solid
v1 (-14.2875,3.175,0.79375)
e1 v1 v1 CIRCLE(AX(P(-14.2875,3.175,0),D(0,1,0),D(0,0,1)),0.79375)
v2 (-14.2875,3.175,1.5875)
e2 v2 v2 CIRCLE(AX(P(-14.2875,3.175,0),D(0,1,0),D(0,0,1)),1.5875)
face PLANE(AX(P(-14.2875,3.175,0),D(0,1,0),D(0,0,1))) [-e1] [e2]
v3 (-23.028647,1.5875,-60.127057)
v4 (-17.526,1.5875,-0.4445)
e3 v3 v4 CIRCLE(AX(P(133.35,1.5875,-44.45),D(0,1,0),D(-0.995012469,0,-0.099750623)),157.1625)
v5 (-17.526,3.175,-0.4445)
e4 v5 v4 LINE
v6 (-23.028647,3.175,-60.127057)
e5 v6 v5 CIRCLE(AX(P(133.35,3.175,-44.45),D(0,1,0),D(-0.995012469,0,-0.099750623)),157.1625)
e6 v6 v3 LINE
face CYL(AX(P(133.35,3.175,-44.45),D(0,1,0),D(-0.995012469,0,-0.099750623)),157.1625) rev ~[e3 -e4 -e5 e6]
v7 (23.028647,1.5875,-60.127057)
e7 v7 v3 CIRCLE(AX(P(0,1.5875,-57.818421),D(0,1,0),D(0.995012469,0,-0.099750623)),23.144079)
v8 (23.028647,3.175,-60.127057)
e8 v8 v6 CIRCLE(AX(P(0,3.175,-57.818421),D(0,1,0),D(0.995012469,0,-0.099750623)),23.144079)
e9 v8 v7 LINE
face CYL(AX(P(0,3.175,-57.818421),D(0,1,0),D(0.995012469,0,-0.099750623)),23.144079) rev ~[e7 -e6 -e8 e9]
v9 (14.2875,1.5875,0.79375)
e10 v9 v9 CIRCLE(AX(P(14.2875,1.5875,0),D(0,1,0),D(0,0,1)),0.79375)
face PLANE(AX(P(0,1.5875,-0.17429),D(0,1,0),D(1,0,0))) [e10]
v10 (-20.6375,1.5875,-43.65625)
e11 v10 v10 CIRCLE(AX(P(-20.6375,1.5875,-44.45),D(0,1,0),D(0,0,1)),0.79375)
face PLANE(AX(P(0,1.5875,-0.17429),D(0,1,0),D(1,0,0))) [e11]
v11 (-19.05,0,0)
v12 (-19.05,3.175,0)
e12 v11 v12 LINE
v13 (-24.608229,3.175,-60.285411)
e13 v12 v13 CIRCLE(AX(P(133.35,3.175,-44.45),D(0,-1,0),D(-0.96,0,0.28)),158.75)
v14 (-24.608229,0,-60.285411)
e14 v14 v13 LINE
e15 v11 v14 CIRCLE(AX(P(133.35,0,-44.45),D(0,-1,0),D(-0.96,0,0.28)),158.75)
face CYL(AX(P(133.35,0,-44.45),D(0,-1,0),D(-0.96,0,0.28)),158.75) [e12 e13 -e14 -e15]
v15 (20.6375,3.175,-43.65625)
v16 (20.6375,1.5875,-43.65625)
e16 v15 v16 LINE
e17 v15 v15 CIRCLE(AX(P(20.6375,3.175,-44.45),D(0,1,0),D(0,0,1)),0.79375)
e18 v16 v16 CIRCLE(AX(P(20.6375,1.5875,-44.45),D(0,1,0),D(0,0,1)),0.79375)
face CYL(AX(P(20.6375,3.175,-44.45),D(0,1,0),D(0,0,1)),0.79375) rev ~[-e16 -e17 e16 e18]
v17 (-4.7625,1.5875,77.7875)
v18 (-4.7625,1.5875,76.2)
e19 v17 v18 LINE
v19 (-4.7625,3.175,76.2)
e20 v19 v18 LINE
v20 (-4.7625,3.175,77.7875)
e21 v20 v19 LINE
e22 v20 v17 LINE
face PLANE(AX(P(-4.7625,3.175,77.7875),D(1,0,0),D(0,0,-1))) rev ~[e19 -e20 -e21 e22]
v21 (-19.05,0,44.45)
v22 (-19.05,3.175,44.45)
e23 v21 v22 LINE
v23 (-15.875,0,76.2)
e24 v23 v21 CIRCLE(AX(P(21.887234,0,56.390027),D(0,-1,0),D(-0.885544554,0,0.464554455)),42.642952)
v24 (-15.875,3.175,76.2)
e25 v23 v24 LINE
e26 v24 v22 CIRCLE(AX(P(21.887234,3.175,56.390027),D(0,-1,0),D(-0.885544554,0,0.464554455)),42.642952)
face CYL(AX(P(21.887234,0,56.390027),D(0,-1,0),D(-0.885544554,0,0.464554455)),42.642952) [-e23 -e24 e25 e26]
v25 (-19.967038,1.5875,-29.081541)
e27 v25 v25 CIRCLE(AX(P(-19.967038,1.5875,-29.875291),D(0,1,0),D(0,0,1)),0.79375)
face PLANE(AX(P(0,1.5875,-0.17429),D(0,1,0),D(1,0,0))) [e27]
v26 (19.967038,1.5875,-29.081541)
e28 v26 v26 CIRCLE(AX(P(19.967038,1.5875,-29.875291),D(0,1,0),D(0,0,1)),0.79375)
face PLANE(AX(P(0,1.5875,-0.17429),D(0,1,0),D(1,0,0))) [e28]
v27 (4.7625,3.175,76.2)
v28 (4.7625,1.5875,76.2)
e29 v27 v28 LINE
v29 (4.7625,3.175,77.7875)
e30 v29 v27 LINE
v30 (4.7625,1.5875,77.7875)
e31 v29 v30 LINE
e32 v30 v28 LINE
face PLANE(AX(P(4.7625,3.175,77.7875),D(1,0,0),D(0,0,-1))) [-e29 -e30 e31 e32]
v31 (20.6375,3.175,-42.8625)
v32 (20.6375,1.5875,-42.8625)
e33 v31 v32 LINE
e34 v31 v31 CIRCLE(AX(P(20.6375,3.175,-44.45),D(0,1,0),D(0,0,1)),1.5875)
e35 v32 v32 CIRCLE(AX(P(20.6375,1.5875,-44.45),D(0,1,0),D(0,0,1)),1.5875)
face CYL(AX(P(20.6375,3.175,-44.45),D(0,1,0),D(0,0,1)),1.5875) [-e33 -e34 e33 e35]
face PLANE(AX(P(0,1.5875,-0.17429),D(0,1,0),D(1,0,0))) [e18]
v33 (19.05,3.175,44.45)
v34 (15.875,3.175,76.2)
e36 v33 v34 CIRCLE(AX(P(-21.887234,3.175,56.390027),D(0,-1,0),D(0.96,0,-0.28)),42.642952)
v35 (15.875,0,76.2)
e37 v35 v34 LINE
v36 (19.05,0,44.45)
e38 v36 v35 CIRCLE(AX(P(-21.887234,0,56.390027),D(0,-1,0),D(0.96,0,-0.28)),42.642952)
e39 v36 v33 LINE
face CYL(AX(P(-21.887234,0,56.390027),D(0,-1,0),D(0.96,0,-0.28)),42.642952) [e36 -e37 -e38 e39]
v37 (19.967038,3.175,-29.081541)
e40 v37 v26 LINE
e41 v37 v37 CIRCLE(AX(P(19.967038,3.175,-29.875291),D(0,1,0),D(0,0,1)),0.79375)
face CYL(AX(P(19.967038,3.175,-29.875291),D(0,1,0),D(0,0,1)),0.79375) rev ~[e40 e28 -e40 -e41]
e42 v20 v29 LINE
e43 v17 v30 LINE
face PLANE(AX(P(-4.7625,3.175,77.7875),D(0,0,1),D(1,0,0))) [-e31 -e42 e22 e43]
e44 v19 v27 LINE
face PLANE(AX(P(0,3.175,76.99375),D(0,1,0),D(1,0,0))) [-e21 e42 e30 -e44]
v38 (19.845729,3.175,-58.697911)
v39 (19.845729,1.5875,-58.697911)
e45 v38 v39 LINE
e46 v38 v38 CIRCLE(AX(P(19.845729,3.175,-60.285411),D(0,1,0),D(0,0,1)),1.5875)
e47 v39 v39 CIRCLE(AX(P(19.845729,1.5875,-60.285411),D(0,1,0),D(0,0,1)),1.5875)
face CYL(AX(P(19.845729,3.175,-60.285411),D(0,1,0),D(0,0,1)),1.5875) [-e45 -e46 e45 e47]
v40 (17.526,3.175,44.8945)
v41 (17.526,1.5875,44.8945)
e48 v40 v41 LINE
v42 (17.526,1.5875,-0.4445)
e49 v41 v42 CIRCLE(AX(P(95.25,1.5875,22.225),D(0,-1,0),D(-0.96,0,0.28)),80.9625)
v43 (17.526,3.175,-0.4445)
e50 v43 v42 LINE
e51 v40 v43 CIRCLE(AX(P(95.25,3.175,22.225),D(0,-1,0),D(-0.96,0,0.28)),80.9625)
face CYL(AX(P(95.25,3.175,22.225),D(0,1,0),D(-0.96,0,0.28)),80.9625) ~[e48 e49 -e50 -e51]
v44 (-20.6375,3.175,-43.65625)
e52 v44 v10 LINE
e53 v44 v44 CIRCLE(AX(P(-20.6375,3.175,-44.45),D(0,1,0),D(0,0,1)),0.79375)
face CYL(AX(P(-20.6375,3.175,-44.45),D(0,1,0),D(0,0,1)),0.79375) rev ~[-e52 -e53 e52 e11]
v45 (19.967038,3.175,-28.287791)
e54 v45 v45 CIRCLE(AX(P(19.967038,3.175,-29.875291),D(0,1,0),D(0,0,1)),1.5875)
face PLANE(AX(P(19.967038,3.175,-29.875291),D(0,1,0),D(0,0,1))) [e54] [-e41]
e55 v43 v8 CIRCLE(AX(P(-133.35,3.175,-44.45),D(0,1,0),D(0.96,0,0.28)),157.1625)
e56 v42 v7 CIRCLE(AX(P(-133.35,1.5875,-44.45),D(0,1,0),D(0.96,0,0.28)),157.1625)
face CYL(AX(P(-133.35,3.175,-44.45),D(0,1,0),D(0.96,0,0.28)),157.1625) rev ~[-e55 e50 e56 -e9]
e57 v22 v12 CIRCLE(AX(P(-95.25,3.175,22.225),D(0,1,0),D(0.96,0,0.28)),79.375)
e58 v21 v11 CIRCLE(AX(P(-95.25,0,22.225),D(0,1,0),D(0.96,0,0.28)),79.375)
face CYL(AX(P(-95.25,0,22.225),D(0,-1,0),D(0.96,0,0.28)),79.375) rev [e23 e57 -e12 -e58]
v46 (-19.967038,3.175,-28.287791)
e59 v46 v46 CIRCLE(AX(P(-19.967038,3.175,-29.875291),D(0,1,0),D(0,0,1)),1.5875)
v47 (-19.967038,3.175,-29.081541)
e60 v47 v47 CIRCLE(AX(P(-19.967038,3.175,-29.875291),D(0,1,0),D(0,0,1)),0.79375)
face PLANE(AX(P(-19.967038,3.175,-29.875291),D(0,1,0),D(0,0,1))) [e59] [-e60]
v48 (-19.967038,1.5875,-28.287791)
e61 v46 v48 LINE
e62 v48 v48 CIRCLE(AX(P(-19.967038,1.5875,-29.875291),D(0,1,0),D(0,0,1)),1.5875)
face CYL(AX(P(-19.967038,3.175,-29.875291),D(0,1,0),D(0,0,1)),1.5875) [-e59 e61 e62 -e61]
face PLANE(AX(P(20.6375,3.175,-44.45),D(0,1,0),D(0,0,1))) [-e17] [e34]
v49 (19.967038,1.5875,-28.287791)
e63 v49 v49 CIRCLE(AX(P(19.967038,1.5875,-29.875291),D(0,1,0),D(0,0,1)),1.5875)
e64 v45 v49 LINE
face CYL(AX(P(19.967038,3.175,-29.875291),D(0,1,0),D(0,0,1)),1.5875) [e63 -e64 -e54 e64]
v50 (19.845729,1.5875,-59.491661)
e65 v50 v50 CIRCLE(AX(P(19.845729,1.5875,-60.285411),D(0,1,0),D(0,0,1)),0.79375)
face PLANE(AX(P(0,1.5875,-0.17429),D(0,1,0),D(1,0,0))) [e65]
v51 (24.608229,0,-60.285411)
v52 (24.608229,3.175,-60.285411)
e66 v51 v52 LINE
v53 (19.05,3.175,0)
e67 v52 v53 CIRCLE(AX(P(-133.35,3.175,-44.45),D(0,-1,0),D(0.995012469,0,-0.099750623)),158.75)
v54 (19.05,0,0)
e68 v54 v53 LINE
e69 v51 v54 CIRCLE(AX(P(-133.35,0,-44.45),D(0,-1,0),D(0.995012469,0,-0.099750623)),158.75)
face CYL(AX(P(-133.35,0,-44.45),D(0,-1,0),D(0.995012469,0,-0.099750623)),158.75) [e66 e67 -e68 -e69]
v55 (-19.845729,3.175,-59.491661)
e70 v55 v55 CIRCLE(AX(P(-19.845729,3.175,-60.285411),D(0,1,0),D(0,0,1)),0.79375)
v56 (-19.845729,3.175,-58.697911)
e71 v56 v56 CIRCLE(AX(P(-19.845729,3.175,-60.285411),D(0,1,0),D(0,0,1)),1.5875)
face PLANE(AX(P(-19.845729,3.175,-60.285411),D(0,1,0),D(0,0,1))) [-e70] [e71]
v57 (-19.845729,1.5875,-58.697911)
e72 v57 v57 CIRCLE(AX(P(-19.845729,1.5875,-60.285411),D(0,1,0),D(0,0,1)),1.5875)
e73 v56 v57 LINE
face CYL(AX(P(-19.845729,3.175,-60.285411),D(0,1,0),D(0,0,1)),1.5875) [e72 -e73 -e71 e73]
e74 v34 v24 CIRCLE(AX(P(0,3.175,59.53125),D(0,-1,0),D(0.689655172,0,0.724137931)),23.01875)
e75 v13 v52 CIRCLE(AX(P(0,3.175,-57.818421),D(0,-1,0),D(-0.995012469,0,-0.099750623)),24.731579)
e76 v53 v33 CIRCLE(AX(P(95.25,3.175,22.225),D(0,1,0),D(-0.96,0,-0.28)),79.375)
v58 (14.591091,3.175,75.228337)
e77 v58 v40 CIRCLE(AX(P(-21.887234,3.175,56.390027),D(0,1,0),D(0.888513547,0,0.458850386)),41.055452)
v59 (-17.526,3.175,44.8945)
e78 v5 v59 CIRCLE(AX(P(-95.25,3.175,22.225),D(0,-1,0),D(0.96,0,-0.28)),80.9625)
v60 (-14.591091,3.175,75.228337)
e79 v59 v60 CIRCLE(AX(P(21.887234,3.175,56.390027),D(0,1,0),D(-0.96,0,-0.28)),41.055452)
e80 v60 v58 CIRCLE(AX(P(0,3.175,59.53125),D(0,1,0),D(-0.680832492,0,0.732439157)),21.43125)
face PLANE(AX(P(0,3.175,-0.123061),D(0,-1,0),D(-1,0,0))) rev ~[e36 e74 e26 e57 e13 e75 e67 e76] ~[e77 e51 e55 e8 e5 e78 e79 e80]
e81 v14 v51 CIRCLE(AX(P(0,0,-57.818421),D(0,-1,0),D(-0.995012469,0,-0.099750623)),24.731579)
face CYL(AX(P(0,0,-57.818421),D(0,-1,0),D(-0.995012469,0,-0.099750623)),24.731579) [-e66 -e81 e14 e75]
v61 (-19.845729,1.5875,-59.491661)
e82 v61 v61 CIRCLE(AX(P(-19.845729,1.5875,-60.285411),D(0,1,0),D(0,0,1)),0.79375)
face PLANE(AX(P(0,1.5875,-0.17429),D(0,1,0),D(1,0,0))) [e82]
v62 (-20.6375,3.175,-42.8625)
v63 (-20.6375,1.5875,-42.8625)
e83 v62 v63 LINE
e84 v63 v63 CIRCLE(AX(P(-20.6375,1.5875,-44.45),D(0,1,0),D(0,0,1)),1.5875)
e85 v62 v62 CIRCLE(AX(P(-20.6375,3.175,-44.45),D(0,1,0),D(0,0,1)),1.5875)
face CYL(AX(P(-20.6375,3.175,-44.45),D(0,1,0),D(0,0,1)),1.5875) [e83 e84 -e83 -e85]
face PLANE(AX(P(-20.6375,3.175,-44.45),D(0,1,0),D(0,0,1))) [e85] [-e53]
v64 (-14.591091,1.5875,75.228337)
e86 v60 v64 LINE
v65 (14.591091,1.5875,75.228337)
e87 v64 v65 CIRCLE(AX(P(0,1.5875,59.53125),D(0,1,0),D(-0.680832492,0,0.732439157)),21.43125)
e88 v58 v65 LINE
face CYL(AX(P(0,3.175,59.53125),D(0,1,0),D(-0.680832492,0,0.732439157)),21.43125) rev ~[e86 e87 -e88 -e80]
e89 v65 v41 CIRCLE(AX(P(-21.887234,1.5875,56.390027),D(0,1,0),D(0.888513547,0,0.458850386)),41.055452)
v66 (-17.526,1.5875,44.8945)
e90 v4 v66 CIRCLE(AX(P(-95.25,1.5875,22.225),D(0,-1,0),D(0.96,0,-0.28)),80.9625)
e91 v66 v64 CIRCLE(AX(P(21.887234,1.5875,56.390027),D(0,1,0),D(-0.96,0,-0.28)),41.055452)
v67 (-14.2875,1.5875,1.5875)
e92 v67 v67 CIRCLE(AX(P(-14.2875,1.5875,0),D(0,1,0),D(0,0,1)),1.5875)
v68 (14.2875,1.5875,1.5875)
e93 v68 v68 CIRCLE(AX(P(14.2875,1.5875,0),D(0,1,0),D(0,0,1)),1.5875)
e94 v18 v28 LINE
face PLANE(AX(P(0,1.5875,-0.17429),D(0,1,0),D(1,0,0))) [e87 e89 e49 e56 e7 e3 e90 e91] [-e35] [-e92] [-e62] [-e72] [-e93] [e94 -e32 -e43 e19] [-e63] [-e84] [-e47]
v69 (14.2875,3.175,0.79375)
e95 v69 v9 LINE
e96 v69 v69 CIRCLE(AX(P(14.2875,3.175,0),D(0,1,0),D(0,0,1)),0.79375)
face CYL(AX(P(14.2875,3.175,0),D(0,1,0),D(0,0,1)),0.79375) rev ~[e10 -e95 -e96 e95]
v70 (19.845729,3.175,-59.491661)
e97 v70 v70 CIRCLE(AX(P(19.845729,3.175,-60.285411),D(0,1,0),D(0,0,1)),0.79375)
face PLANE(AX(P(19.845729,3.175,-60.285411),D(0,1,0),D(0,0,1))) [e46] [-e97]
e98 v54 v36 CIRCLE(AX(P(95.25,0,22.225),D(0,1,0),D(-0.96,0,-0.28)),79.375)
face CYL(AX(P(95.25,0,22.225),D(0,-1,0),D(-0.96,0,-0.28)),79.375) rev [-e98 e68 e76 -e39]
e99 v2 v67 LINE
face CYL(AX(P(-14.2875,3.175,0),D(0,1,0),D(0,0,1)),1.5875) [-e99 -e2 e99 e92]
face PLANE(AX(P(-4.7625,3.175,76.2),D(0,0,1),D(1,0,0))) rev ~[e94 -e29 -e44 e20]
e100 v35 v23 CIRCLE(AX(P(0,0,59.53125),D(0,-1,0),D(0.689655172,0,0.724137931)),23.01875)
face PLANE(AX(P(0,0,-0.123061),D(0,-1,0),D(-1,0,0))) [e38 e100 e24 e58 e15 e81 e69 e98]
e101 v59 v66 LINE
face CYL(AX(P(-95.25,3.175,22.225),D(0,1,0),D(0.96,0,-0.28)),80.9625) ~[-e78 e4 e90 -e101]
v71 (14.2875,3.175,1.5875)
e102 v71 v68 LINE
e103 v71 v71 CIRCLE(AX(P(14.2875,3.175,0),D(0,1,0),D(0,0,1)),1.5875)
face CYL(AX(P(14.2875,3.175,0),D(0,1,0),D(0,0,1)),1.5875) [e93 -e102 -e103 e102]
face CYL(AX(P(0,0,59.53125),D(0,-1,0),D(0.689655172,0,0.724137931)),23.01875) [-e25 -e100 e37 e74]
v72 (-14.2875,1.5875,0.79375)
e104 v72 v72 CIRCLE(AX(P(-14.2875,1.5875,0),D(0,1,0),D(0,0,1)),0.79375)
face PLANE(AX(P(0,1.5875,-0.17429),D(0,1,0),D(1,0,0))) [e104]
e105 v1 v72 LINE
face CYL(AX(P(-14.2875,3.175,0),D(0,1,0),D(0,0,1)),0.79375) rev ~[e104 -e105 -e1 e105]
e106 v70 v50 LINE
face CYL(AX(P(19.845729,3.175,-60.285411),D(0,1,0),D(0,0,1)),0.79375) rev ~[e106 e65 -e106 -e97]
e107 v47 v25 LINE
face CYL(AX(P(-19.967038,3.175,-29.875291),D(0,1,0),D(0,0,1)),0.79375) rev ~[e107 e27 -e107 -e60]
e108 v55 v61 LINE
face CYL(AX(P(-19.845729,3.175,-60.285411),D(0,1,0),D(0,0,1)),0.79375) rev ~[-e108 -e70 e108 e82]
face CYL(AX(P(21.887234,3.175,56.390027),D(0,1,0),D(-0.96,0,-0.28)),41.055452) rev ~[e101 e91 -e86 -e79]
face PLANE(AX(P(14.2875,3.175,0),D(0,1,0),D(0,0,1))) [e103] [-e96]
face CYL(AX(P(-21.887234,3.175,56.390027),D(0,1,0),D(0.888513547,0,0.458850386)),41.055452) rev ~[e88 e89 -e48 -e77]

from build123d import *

# Parameters (mm, degrees)
BOSS_EXTRUDE1_DEPTH = 3.175
CUT_EXTRUDE1_DEPTH  = 1.5875
SKETCH2_R           = 1.5875
SKETCH2_R_2         = 0.79375
SKETCH2_W           = 9.525
SKETCH2_H           = 1.5875
BOSS_EXTRUDE3_DEPTH = 1.5875


with BuildPart() as part:
    # Sketch1 → Boss-Extrude1 (new body)
    with BuildSketch(Plane(origin=(0, 0, 0), x_dir=(1, 0, 0), z_dir=(0, 1, 0))):
        with BuildLine():
            ThreePointArc((-24.608229426, 60.285411471), (0, 82.55), (24.608229426, 60.285411471))
            ThreePointArc((24.608229426, 60.285411471), (24.729538057, 29.875290817), (19.05, 0))
            ThreePointArc((19.05, 0), (15.875, -22.225), (19.05, -44.45))
            ThreePointArc((19.05, -44.45), (20.544089225, -60.633158922), (15.875, -76.2))
            ThreePointArc((15.875, -76.2), (0, -82.55), (-15.875, -76.2))
            ThreePointArc((-15.875, -76.2), (-20.544089225, -60.633158922), (-19.05, -44.45))
            ThreePointArc((-19.05, -44.45), (-15.875, -22.225), (-19.05, 0))
            ThreePointArc((-19.05, 0), (-24.729538057, 29.875290817), (-24.608229426, 60.285411471))
        make_face()
    extrude(amount=BOSS_EXTRUDE1_DEPTH)

    # Sketch3 → Cut-Extrude1 (cut)
    with BuildSketch(Plane(origin=(0, 3.175, 0), x_dir=(1, 0, 0), z_dir=(0, 1, 0))):
        with BuildLine():
            ThreePointArc((-17.526, -44.8945), (-18.977391367, -60.343827238), (-14.591091342, -75.228336673))
            ThreePointArc((-14.591091342, -75.228336673), (0, -80.9625), (14.591091342, -75.228336673))
            ThreePointArc((14.591091342, -75.228336673), (18.977391367, -60.343827238), (17.526, -44.8945))
            ThreePointArc((17.526, -44.8945), (14.2875, -22.225), (17.526, 0.4445))
            ThreePointArc((17.526, 0.4445), (23.148742676, 30.021037909), (23.028647132, 60.127057357))
            ThreePointArc((23.028647132, 60.127057357), (0, 80.9625), (-23.028647132, 60.127057357))
            ThreePointArc((-23.028647132, 60.127057357), (-23.148742676, 30.021037909), (-17.526, 0.4445))
            ThreePointArc((-17.526, 0.4445), (-14.2875, -22.225), (-17.526, -44.8945))
        make_face()
    extrude(amount=-CUT_EXTRUDE1_DEPTH, mode=Mode.SUBTRACT)

    # Sketch2 → Boss-Extrude3 (add)
    # profile 1 of 9: a face of its own
    with BuildSketch(Plane(origin=(0, 3.175, 0), x_dir=(1, 0, 0), z_dir=(0, 1, 0))):
        with Locations(Location((-19.845729426, 60.285411471, 0), (0, 0, 270))):
            Circle(SKETCH2_R)
        with Locations(Location((-19.845729426, 60.285411471, 0), (0, 0, 270))):
            Circle(SKETCH2_R_2, mode=Mode.SUBTRACT)
    # profile 2 of 9: a face of its own
    with BuildSketch(Plane(origin=(0, 3.175, 0), x_dir=(1, 0, 0), z_dir=(0, 1, 0))):
        with Locations(Location((-20.6375, 44.45, 0), (0, 0, 270))):
            Circle(SKETCH2_R)
        with Locations(Location((-20.6375, 44.45, 0), (0, 0, 270))):
            Circle(SKETCH2_R_2, mode=Mode.SUBTRACT)
    # profile 3 of 9: a face of its own
    with BuildSketch(Plane(origin=(0, 3.175, 0), x_dir=(1, 0, 0), z_dir=(0, 1, 0))):
        with Locations(Location((-19.967038057, 29.875290817, 0), (0, 0, 270))):
            Circle(SKETCH2_R)
        with Locations(Location((-19.967038057, 29.875290817, 0), (0, 0, 270))):
            Circle(SKETCH2_R_2, mode=Mode.SUBTRACT)
    # profile 4 of 9: a face of its own
    with BuildSketch(Plane(origin=(0, 3.175, 0), x_dir=(1, 0, 0), z_dir=(0, 1, 0))):
        with Locations(Location((-14.2875, 0, 0), (0, 0, 270))):
            Circle(SKETCH2_R)
        with Locations(Location((-14.2875, 0, 0), (0, 0, 270))):
            Circle(SKETCH2_R_2, mode=Mode.SUBTRACT)
    # profile 5 of 9: a face of its own
    with BuildSketch(Plane(origin=(0, 3.175, 0), x_dir=(1, 0, 0), z_dir=(0, 1, 0))):
        with Locations(Location((19.845729426, 60.285411471, 0), (0, 0, 270))):
            Circle(SKETCH2_R)
        with Locations(Location((19.845729426, 60.285411471, 0), (0, 0, 270))):
            Circle(SKETCH2_R_2, mode=Mode.SUBTRACT)
    # profile 6 of 9: a face of its own
    with BuildSketch(Plane(origin=(0, 3.175, 0), x_dir=(1, 0, 0), z_dir=(0, 1, 0))):
        with Locations(Location((20.6375, 44.45, 0), (0, 0, 270))):
            Circle(SKETCH2_R)
        with Locations(Location((20.6375, 44.45, 0), (0, 0, 270))):
            Circle(SKETCH2_R_2, mode=Mode.SUBTRACT)
    # profile 7 of 9: a face of its own
    with BuildSketch(Plane(origin=(0, 3.175, 0), x_dir=(1, 0, 0), z_dir=(0, 1, 0))):
        with Locations(Location((19.967038057, 29.875290817, 0), (0, 0, 270))):
            Circle(SKETCH2_R)
        with Locations(Location((19.967038057, 29.875290817, 0), (0, 0, 270))):
            Circle(SKETCH2_R_2, mode=Mode.SUBTRACT)
    # profile 8 of 9: a face of its own
    with BuildSketch(Plane(origin=(0, 3.175, 0), x_dir=(1, 0, 0), z_dir=(0, 1, 0))):
        with Locations(Location((14.2875, 0, 0), (0, 0, 270))):
            Circle(SKETCH2_R)
        with Locations(Location((14.2875, 0, 0), (0, 0, 270))):
            Circle(SKETCH2_R_2, mode=Mode.SUBTRACT)
    # profile 9 of 9: a face of its own
    with BuildSketch(Plane(origin=(0, 3.175, 0), x_dir=(1, 0, 0), z_dir=(0, 1, 0))):
        with Locations((0, -76.99375)):
            Rectangle(SKETCH2_W, SKETCH2_H)
    extrude(amount=-BOSS_EXTRUDE3_DEPTH)


solid = part.part
